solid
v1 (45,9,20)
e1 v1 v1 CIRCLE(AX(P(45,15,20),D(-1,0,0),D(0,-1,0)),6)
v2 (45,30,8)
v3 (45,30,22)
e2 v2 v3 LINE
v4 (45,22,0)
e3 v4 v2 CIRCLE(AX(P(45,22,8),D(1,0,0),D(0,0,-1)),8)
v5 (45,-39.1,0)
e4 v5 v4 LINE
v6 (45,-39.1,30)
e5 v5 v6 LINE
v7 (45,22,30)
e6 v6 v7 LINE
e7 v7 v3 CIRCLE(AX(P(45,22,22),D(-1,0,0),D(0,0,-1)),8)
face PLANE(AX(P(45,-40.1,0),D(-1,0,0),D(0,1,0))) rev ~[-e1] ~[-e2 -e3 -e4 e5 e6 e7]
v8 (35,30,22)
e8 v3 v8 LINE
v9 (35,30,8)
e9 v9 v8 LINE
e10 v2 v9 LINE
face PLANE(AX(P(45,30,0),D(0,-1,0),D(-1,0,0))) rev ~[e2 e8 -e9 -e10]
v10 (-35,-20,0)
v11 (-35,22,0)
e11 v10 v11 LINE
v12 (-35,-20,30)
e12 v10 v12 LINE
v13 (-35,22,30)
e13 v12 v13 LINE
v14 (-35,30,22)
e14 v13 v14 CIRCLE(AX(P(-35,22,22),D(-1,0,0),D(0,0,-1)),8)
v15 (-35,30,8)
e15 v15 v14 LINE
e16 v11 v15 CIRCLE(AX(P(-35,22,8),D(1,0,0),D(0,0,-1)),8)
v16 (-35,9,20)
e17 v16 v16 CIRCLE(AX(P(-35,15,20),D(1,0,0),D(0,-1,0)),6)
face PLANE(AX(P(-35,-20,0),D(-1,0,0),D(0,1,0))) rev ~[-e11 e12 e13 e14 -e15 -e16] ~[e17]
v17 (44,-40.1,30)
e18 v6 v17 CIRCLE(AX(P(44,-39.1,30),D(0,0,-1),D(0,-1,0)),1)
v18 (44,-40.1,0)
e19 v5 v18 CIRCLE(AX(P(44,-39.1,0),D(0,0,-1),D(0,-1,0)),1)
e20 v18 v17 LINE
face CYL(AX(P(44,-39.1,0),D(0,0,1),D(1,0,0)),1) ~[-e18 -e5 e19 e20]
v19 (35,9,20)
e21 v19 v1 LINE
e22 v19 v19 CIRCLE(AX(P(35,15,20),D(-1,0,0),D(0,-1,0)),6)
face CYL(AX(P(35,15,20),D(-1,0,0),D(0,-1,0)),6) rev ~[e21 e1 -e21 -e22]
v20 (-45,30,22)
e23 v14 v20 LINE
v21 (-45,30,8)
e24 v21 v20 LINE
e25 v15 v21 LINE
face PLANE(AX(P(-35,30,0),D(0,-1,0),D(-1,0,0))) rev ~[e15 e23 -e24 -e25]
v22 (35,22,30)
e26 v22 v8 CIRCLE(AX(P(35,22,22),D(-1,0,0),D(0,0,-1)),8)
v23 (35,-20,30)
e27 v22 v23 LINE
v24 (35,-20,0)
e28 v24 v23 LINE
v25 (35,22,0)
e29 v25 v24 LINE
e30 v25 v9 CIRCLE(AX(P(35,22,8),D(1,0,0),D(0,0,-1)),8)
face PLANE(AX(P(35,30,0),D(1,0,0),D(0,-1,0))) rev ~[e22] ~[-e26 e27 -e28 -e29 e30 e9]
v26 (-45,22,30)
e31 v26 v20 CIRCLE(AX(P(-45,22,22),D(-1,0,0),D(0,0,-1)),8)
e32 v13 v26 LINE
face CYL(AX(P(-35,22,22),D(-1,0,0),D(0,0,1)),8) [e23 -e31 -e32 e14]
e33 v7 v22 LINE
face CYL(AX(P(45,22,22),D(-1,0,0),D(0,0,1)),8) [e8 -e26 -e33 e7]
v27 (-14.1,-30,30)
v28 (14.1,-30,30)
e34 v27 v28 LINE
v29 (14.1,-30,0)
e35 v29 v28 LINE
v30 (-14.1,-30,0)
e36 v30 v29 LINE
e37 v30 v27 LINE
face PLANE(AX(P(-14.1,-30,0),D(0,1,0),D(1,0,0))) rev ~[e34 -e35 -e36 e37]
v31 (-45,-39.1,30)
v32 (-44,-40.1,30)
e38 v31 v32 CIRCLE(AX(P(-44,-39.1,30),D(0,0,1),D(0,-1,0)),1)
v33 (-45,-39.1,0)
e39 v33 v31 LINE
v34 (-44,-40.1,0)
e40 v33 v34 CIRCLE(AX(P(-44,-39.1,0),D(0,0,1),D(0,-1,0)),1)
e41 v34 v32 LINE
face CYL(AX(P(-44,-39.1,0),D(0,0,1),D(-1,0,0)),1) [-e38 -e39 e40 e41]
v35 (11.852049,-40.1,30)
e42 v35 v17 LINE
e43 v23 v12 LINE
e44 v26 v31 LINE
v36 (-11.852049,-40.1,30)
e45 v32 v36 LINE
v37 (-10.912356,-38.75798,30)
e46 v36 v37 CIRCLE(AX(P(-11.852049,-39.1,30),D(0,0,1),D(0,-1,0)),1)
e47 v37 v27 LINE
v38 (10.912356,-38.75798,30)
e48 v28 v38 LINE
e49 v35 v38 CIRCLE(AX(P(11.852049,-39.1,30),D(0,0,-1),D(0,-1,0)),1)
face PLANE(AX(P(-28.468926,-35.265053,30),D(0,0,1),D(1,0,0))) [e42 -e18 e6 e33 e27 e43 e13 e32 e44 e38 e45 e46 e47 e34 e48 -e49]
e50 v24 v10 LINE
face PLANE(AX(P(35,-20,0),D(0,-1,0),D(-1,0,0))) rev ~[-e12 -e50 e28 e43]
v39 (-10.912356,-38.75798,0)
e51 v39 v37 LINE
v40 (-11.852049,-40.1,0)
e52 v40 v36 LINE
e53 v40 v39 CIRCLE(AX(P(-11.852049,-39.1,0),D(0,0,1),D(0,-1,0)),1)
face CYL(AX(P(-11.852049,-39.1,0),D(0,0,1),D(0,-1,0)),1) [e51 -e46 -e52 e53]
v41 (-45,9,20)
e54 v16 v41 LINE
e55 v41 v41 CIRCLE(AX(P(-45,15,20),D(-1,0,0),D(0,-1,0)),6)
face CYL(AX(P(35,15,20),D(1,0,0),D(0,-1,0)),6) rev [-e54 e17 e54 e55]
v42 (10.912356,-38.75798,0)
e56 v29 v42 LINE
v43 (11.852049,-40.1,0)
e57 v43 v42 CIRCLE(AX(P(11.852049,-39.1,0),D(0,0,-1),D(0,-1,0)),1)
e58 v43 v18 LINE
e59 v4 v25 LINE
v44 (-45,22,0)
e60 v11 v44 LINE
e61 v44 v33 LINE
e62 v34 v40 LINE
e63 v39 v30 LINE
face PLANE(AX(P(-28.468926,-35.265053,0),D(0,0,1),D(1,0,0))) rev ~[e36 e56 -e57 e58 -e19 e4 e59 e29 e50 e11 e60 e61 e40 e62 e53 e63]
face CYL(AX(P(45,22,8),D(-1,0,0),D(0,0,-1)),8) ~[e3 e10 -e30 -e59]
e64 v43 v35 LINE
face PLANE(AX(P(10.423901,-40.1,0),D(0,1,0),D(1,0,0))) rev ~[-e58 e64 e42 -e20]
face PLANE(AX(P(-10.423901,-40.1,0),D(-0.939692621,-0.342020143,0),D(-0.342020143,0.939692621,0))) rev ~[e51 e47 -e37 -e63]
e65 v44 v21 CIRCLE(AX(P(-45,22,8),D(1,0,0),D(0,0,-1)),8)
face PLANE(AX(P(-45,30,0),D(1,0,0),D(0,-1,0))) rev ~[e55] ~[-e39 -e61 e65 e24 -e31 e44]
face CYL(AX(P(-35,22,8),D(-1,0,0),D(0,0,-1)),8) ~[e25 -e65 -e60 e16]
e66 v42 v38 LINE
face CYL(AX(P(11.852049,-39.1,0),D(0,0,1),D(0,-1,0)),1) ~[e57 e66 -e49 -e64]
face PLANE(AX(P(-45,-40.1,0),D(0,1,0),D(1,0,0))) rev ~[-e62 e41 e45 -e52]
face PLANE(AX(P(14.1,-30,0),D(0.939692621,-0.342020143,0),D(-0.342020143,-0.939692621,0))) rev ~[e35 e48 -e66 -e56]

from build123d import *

# Parameters (mm, degrees)
F1_DEPTH      = 30
F2_R          = 6
F3_DEPTH      = 10
F3_DEPTH_BACK = 80
F4_R          = 8
F5_R          = 1


with BuildPart() as f1:
    # F0 (on Top) → F1 (new body)
    with BuildSketch(Plane.XY):
        Polygon((-14.1, -30), (-45, -30), (-45, -40.1), (-10.4239006339, -40.1), align=None)
        Polygon((45, -30), (14.1, -30), (10.4239006339, -40.1), (45, -40.1), align=None)
        Polygon((-35, 30), (-45, 30), (-45, -30), (-14.1, -30), (14.1, -30), (45, -30), (45, 30), (35, 30), (35, -20), (-35, -20), align=None)
    extrude(amount=F1_DEPTH)

    # F2 (on face) → F3 (cut, two sides)
    with BuildSketch(Plane(origin=(35, 0, 0), x_dir=(0, -1, 0), z_dir=(-1, 0, 0))) as f3_sk:
        with Locations((-15, 20)):
            Circle(F2_R)
    extrude(amount=-F3_DEPTH, mode=Mode.SUBTRACT)
    extrude(f3_sk.sketch, amount=F3_DEPTH_BACK, mode=Mode.SUBTRACT)

    # F4
    f4_edges = [f1.edges().sort_by_distance(p)[0] for p in [
        (40, 30, 30),
        (40, 30, 0),
        (-40, 30, 30),
        (-40, 30, 0),
    ]]
    fillet(f4_edges, radius=F4_R)

    # F5
    f5_edges = [f1.edges().sort_by_distance(p)[0] for p in [
        (-10.423901, -40.1, 15),
        (10.423901, -40.1, 15),
        (45, -40.1, 15),
        (-45, -40.1, 15),
    ]]
    fillet(f5_edges, radius=F5_R)


solid = f1.part
